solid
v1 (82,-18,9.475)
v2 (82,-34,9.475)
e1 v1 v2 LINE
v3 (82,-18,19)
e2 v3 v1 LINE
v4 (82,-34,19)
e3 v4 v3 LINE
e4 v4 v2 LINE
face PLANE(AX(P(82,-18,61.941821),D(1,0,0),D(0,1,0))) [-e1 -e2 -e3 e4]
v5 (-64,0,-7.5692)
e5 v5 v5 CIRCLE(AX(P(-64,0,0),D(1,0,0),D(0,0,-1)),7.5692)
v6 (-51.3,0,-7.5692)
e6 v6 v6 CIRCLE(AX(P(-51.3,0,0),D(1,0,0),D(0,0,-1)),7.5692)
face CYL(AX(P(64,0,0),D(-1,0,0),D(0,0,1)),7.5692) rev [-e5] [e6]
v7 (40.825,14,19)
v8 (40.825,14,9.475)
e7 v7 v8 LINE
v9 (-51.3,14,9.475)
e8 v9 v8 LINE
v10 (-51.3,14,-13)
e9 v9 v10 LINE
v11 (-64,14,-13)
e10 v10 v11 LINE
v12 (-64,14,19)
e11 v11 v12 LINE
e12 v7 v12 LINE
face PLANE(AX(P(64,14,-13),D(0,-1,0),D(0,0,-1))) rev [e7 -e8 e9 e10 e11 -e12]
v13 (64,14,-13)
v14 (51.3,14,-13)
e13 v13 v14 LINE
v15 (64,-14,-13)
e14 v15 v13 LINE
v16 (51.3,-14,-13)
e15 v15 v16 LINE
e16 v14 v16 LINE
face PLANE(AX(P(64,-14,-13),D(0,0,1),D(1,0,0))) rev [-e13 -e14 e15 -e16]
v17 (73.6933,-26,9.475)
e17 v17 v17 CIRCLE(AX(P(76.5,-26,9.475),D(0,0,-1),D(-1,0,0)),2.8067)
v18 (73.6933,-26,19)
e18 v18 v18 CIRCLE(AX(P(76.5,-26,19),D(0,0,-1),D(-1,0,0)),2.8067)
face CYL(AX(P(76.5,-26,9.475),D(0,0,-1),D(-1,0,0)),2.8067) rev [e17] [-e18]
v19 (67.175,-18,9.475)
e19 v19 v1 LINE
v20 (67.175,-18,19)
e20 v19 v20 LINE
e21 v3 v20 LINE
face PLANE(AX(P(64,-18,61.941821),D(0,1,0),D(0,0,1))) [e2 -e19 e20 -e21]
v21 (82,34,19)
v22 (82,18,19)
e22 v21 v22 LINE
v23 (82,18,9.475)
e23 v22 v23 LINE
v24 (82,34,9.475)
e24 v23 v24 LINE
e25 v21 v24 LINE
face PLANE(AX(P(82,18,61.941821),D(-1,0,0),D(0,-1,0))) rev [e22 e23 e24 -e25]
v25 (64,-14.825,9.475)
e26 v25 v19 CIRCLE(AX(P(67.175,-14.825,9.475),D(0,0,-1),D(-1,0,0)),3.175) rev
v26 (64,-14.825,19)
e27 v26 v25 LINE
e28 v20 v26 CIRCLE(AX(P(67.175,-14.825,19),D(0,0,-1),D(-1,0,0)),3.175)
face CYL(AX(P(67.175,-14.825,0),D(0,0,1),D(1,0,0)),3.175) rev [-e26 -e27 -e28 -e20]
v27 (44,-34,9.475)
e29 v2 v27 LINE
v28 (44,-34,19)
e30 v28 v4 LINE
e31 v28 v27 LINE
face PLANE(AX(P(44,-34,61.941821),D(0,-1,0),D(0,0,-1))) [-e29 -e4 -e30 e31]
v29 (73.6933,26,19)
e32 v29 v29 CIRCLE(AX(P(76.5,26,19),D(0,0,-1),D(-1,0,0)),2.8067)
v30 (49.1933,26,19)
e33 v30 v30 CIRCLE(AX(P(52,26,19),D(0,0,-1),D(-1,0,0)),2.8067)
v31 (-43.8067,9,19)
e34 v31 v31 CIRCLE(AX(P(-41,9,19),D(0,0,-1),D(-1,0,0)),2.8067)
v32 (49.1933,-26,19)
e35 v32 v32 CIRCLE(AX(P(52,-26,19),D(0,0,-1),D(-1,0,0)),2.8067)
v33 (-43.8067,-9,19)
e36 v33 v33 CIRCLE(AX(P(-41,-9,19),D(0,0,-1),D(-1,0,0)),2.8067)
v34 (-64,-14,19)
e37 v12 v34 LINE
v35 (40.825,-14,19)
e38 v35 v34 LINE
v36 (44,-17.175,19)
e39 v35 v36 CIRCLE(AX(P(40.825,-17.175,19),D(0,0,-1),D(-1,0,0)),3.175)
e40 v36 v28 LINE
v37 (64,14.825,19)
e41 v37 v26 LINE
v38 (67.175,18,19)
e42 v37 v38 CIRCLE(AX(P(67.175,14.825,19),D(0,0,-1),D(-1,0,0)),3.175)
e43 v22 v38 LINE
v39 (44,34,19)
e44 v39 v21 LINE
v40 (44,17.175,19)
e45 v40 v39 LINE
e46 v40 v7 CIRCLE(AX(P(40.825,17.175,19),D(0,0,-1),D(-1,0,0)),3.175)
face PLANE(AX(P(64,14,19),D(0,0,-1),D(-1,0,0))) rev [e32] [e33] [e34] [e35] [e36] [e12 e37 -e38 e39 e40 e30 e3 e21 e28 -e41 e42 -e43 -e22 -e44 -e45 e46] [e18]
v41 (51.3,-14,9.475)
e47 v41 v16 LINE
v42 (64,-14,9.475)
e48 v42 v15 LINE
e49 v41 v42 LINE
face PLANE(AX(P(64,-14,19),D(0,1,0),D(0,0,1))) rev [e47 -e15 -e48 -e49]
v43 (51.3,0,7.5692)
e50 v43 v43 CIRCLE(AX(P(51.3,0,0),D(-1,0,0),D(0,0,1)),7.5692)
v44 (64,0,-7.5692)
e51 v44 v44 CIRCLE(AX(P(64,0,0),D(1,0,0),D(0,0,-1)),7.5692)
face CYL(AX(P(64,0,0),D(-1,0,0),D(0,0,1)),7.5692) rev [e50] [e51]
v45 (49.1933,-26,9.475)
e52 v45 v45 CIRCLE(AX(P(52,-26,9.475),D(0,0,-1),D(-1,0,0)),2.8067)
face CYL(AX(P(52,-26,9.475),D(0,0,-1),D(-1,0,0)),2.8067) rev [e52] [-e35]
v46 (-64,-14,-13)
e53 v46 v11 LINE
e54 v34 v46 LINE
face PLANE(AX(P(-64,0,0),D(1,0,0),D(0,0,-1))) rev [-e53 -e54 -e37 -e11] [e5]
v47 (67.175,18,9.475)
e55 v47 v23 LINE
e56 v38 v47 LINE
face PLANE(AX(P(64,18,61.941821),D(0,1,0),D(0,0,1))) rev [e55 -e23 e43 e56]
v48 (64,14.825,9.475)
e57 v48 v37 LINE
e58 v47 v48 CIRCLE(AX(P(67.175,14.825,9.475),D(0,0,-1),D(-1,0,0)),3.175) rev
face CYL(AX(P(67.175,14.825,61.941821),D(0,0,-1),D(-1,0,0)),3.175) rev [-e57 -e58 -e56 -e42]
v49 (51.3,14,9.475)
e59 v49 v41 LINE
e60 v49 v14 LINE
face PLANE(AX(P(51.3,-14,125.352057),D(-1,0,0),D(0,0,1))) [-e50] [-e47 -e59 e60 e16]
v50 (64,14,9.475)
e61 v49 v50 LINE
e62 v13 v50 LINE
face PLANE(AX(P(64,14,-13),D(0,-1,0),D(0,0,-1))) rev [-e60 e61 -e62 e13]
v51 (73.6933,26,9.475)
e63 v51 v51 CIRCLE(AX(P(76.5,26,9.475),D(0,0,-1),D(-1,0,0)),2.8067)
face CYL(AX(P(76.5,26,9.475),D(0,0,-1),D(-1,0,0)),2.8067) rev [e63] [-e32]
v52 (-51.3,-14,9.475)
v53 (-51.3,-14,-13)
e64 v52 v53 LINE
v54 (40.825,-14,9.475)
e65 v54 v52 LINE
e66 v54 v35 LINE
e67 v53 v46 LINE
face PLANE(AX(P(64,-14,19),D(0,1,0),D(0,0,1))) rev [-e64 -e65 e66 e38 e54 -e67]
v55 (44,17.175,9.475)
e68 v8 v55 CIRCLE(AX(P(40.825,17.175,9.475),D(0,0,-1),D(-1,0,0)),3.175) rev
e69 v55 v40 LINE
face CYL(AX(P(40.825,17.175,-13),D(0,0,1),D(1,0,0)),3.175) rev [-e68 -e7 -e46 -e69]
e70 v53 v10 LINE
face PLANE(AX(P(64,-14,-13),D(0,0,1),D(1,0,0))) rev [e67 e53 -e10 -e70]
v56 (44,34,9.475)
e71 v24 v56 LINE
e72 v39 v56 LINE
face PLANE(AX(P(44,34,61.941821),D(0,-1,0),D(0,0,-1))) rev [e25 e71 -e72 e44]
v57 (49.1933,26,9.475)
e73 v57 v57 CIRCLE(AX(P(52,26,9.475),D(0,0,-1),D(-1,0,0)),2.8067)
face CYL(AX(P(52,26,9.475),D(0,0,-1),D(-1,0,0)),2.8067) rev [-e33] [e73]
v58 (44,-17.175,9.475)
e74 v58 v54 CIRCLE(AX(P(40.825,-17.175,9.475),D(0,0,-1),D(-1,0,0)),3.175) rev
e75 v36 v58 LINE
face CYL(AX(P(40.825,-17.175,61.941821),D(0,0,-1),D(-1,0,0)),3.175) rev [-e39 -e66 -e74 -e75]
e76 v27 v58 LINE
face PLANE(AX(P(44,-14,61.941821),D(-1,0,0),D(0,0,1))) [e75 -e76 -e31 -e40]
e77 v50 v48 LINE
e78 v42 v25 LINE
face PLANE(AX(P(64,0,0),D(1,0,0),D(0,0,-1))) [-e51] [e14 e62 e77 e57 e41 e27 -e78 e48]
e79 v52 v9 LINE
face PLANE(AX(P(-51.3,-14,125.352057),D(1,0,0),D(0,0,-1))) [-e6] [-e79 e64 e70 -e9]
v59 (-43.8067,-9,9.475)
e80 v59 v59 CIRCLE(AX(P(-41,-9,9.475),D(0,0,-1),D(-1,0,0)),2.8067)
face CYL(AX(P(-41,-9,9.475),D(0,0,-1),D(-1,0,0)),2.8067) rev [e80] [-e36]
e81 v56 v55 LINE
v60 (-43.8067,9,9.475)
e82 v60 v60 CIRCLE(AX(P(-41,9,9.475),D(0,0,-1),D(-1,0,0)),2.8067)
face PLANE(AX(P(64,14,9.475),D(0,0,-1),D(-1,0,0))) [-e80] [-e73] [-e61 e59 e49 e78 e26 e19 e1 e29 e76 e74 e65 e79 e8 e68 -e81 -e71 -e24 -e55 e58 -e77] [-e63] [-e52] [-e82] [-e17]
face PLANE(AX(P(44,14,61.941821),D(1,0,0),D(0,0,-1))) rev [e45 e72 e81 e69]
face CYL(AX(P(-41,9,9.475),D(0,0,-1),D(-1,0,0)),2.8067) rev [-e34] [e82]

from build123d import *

# Parameters (mm, degrees)
SKETCH1_W                  = 32
SKETCH1_H                  = 28
SKETCH1_R                  = 7.5692
BOSS_EXTRUDE1_DEPTH        = 64
SKETCH5_W                  = 102.6
SKETCH5_H                  = 28
CUT_EXTRUDE1_DEPTH         = 9.475
CUT_EXTRUDE1_DEPTH_BACK    = 33.147
F_10_CLEARANCE_HOLE1_D     = 5.6134
F_10_CLEARANCE_HOLE1_DEPTH = 25.4
F_10_CLEARANCE_HOLE1_TIP   = 1.686435499
BOSS_EXTRUDE2_DEPTH        = 9.525
F_10_CLEARANCE_HOLE2_D     = 5.6134
FILLET2_R                  = 3.175


with BuildPart() as part:
    # Sketch1 → Boss-Extrude1 (new body, symmetric)
    with BuildSketch(Plane(origin=(0, 0, 0), x_dir=(0, 0, -1), z_dir=(1, 0, 0))):
        with Locations((-3, 0)):
            Rectangle(SKETCH1_W, SKETCH1_H)
        Circle(SKETCH1_R, mode=Mode.SUBTRACT)
    extrude(amount=BOSS_EXTRUDE1_DEPTH, both=True)

    # Sketch5 → Cut-Extrude1 (cut, two sides)
    with BuildSketch(Plane.XY) as cut_extrude1_sk:
        Rectangle(SKETCH5_W, SKETCH5_H)
    extrude(amount=CUT_EXTRUDE1_DEPTH, mode=Mode.SUBTRACT)
    extrude(cut_extrude1_sk.sketch, amount=-CUT_EXTRUDE1_DEPTH_BACK, mode=Mode.SUBTRACT)

    # #10 Clearance Hole1
    with Locations(Plane(origin=(-39.55789498, -3.670822781, 9.475), x_dir=(-1, 0, 0), z_dir=(0, 0, -1))):
        with Locations((1.44210502, -5.329177219), (1.44210502, 12.670822781)):
            Hole(F_10_CLEARANCE_HOLE1_D / 2, depth=F_10_CLEARANCE_HOLE1_DEPTH)
            with Locations((0, 0, -(F_10_CLEARANCE_HOLE1_DEPTH + F_10_CLEARANCE_HOLE1_TIP / 2))):  # 118° drill point
                Cone(0, F_10_CLEARANCE_HOLE1_D / 2, F_10_CLEARANCE_HOLE1_TIP, mode=Mode.SUBTRACT)

    # Sketch7 → Boss-Extrude2 (add)
    with BuildSketch(Plane(origin=(0, 0, 9.475), x_dir=(-1, 0, 0), z_dir=(0, 0, -1))):
        Polygon((-44, -14), (-64, -14), (-64, -18), (-82, -18), (-82, -34), (-44, -34), align=None)
    boss_extrude2 = extrude(amount=-BOSS_EXTRUDE2_DEPTH)

    # #10 Clearance Hole2 (through all)
    with Locations(Plane(origin=(0, 0, 9.475), x_dir=(-1, 0, 0), z_dir=(0, 0, -1))):
        with Locations((-76.5, -26), (-52, -26)):
            f_10_clearance_hole2 = Hole(F_10_CLEARANCE_HOLE2_D / 2)

    # Mirror2: Boss-Extrude2, #10 Clearance Hole2 across plane
    add(boss_extrude2.mirror(Plane.ZX))
    add(f_10_clearance_hole2.mirror(Plane.ZX), mode=Mode.SUBTRACT)

    # Fillet2
    fillet2_edges = [part.edges().sort_by_distance(p)[0] for p in [
        (44, 14, 14.2375),
        (44, -14, 14.2375),
        (64, 18, 14.2375),
        (64, -18, 14.2375),
    ]]
    fillet(fillet2_edges, radius=FILLET2_R)


solid = part.part
